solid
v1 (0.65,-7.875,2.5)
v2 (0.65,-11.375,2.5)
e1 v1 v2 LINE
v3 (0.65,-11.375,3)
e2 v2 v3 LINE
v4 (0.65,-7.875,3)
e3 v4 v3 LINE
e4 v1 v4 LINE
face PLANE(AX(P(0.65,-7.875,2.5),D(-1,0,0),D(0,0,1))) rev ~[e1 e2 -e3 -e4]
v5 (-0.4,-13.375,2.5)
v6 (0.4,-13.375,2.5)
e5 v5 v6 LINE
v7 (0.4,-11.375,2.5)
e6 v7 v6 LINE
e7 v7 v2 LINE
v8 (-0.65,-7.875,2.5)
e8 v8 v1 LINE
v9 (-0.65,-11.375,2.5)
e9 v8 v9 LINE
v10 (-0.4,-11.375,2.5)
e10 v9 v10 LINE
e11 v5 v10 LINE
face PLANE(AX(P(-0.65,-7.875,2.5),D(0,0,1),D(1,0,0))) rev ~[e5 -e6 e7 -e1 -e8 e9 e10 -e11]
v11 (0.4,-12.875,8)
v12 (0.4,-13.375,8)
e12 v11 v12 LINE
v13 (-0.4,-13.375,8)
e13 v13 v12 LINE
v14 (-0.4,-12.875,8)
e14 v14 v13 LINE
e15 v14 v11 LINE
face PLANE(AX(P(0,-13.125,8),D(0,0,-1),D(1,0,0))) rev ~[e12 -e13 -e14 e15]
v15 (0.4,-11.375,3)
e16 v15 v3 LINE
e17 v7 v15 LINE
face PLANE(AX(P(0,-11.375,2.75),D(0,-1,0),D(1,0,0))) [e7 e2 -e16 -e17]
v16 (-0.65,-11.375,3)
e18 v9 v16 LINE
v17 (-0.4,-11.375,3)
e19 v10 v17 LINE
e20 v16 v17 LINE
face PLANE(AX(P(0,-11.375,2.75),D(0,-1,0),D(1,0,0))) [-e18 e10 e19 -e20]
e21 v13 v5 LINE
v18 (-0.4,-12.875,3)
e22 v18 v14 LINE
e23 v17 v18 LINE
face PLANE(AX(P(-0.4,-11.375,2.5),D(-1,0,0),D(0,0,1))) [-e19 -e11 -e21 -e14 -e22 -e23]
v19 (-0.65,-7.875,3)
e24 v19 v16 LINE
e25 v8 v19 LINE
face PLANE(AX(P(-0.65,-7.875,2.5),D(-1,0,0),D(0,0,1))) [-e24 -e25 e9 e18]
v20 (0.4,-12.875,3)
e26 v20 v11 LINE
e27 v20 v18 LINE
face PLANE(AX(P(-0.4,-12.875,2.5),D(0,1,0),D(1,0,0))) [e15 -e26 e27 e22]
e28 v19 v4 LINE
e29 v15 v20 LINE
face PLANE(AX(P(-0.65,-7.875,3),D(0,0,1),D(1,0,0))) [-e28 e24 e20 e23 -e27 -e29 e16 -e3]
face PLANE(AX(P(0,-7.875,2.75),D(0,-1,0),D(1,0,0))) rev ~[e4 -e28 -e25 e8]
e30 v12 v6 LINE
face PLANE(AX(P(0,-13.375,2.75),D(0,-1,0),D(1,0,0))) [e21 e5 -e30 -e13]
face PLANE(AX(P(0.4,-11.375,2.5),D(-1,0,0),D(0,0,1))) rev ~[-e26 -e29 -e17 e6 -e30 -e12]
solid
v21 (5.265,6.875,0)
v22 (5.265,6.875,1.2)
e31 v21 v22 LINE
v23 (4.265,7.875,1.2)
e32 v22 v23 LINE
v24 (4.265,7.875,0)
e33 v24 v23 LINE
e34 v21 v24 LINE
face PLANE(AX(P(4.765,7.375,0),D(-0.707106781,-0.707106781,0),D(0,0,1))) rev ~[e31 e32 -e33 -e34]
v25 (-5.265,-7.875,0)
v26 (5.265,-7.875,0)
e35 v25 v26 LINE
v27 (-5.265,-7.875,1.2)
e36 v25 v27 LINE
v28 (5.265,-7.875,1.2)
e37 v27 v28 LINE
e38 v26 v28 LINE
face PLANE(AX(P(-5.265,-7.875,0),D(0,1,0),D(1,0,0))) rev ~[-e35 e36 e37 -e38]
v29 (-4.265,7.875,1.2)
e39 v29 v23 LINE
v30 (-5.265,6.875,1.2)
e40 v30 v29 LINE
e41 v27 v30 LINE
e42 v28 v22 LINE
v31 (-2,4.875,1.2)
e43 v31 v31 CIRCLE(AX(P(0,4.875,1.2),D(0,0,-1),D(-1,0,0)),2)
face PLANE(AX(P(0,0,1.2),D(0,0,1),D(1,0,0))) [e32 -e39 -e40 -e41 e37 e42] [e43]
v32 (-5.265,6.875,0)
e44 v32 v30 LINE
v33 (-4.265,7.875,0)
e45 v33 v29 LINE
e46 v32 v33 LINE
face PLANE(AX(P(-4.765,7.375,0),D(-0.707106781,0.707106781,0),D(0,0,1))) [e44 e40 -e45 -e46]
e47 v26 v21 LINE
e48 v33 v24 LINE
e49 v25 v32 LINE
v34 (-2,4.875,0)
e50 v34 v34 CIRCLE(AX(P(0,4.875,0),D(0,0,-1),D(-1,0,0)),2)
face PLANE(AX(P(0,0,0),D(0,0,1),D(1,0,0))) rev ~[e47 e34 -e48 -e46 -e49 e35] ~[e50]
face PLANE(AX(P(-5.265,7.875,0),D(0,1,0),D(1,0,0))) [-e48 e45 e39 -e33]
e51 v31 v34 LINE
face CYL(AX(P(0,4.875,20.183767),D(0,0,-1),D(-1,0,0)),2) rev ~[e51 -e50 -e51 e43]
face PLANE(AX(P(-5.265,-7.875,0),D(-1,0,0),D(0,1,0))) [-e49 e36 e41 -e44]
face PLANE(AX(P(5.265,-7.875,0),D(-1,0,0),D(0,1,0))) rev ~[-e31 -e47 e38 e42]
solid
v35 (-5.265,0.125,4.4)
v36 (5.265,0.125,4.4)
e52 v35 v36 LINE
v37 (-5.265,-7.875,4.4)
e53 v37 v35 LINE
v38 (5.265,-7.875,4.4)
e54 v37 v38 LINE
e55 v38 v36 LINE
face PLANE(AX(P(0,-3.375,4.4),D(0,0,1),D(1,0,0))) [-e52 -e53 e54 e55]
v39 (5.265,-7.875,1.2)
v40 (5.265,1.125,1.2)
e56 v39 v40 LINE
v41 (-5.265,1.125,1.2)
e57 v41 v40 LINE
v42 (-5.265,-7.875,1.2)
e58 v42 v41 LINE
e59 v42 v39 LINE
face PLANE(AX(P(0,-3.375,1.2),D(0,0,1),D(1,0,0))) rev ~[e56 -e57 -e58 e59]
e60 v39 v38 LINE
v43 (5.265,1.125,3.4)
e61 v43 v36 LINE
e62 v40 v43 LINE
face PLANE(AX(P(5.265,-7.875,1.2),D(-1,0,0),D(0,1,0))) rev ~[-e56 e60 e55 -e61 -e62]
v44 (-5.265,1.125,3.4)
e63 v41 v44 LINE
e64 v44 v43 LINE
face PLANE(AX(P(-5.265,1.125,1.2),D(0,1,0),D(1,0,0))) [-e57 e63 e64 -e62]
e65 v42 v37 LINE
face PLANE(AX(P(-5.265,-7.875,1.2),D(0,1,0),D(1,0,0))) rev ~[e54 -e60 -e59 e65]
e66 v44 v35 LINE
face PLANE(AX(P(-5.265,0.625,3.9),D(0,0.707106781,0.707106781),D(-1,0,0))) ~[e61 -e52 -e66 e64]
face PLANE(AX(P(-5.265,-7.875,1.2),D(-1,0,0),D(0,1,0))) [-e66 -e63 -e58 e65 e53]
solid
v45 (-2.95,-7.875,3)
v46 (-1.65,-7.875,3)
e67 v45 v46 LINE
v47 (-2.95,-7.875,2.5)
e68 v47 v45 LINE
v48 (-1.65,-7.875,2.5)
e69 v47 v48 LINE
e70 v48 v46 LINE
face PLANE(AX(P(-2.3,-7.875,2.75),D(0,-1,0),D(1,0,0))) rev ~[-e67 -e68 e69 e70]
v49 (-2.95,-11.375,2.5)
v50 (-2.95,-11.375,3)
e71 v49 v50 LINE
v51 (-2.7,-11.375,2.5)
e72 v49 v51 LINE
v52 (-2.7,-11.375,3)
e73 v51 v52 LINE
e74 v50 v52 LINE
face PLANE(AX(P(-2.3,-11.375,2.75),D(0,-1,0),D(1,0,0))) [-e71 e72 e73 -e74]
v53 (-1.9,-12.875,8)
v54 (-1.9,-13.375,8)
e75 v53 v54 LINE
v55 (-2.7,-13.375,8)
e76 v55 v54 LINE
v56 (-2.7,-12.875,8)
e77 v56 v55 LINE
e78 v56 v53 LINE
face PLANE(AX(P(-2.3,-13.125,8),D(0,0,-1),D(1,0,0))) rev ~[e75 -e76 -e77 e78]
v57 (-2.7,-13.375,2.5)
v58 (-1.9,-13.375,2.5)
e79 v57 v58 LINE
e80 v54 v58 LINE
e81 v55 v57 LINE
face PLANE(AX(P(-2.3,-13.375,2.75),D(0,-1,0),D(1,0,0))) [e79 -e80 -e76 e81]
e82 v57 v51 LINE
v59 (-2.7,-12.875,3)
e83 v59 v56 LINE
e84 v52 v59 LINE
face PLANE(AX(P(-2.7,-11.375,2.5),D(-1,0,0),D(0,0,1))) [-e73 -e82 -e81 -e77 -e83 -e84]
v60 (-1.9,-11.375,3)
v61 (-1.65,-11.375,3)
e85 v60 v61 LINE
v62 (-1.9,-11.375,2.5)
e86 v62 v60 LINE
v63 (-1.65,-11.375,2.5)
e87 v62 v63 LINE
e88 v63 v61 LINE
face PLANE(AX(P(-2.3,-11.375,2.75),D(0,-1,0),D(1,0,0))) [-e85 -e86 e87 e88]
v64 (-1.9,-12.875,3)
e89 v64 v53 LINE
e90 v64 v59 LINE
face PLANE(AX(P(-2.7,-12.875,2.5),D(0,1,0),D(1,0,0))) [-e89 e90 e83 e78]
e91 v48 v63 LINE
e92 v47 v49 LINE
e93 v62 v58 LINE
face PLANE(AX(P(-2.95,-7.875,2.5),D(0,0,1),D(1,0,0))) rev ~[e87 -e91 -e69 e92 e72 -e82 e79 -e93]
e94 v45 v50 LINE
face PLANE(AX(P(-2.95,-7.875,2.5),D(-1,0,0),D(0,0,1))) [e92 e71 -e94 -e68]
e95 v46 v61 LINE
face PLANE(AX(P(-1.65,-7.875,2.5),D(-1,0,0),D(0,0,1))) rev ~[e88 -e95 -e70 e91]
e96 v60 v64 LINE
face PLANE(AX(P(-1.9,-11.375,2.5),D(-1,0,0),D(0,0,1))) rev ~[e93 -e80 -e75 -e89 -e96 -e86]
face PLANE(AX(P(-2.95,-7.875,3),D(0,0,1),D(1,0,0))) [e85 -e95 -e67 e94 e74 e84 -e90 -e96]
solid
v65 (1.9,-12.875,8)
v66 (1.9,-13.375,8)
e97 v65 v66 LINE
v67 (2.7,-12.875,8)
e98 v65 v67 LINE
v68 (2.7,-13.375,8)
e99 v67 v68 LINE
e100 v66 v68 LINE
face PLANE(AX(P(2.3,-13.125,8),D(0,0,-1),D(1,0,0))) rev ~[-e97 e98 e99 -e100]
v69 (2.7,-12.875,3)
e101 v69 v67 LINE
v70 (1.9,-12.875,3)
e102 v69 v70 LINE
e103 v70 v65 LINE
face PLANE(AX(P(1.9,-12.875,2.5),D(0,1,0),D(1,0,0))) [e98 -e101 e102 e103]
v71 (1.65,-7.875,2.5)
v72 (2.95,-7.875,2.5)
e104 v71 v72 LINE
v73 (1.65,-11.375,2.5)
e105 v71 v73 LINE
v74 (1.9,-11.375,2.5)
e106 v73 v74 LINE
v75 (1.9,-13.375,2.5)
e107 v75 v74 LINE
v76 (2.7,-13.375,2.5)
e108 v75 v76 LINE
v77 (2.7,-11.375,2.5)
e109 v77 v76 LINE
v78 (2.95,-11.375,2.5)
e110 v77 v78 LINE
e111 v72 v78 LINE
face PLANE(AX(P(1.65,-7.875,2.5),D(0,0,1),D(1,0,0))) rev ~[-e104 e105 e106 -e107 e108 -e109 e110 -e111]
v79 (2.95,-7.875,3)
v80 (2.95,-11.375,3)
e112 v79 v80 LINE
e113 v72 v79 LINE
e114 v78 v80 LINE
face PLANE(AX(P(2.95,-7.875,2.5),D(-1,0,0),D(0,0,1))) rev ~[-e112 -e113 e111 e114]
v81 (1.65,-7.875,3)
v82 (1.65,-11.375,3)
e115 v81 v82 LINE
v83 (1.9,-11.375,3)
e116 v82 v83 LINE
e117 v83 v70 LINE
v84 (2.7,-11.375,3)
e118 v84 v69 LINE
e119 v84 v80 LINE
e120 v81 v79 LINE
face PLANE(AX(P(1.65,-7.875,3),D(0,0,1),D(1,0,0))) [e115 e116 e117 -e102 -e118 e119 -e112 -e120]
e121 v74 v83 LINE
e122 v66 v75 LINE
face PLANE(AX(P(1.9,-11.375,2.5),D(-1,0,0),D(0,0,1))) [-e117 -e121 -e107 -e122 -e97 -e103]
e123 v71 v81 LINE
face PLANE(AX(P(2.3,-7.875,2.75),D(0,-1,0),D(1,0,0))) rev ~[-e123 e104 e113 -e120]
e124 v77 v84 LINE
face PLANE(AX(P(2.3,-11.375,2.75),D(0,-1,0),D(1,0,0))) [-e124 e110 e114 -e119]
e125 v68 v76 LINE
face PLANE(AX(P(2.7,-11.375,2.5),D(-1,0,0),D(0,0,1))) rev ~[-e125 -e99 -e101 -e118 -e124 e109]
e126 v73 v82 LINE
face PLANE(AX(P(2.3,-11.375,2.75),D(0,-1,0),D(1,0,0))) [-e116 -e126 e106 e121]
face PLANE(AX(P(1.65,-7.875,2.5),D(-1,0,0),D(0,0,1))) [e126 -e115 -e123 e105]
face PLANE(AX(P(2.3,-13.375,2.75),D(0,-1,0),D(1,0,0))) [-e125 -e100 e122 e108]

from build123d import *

# Parameters (mm, degrees)
F0_W      = 10.53
F0_H      = 15.75
F1_DEPTH  = 1.2
F2_W      = 10.53
F2_H      = 9
F3_DEPTH  = 3.2
F4_SIZE   = 1
F4_2_SIZE = 1
F5_W      = 1.3
F5_H      = 0.5
F6_DEPTH  = 3.5
F7_W      = 0.8
F7_H      = 0.5
F8_DEPTH  = 2
F9_W      = 0.8
F9_H      = 0.5
F10_DEPTH = 5.5
F12_D     = 4


with BuildPart() as f1:
    # F0 (on Top) → F1 (new body)
    with BuildSketch(Plane.XY):
        Rectangle(F0_W, F0_H)
    extrude(amount=F1_DEPTH)

    # F4#2
    f4_2_edges = [f1.edges().sort_by_distance(p)[0] for p in [
        (5.265, 7.875, 0.6),
        (-5.265, 7.875, 0.6),
    ]]
    chamfer(f4_2_edges, length=F4_2_SIZE)

    # F12 (through all)
    with Locations(Plane.XY.offset(1.2)):
        with Locations((0, 4.875)):
            Hole(F12_D / 2)


with BuildPart() as f3:
    # F2 (on face) → F3 (new body)
    with BuildSketch(Plane.XY.offset(1.2)):
        with Locations((0, -3.375)):
            Rectangle(F2_W, F2_H)
    extrude(amount=F3_DEPTH)

    # F4
    f4_edges = [f3.edges().sort_by_distance(p)[0] for p in [
        (0, 1.125, 4.4),
    ]]
    chamfer(f4_edges, length=F4_SIZE)


with BuildPart() as f6:
    # F5 (on face) → F6 (new body)
    with BuildSketch(Plane.XZ.offset(7.875)):
        with Locations((-2.3, 2.75)):
            Rectangle(F5_W, F5_H)
        with Locations((0, 2.75)):
            Rectangle(F5_W, F5_H)
        with Locations((2.3, 2.75)):
            Rectangle(F5_W, F5_H)
    extrude(amount=F6_DEPTH)

    # F7 (on face) → F8 (join)
    with BuildSketch(Plane.XZ.offset(11.375)):
        with Locations((-2.3, 2.75)):
            Rectangle(F7_W, F7_H)
        with Locations((0, 2.75)):
            Rectangle(F7_W, F7_H)
        with Locations((2.3, 2.75)):
            Rectangle(F7_W, F7_H)
    extrude(amount=F8_DEPTH)

    # F9 (on face) → F10 (join)
    with BuildSketch(Plane(origin=(0, 0, 2.5), x_dir=(1, 0, 0), z_dir=(0, 0, -1))):
        with Locations((-2.3, 13.125)):
            Rectangle(F9_W, F9_H)
        with Locations((0, 13.125)):
            Rectangle(F9_W, F9_H)
        with Locations((2.3, 13.125)):
            Rectangle(F9_W, F9_H)
    extrude(amount=-F10_DEPTH)


solid = Compound([f1.part, f3.part, f6.part])
